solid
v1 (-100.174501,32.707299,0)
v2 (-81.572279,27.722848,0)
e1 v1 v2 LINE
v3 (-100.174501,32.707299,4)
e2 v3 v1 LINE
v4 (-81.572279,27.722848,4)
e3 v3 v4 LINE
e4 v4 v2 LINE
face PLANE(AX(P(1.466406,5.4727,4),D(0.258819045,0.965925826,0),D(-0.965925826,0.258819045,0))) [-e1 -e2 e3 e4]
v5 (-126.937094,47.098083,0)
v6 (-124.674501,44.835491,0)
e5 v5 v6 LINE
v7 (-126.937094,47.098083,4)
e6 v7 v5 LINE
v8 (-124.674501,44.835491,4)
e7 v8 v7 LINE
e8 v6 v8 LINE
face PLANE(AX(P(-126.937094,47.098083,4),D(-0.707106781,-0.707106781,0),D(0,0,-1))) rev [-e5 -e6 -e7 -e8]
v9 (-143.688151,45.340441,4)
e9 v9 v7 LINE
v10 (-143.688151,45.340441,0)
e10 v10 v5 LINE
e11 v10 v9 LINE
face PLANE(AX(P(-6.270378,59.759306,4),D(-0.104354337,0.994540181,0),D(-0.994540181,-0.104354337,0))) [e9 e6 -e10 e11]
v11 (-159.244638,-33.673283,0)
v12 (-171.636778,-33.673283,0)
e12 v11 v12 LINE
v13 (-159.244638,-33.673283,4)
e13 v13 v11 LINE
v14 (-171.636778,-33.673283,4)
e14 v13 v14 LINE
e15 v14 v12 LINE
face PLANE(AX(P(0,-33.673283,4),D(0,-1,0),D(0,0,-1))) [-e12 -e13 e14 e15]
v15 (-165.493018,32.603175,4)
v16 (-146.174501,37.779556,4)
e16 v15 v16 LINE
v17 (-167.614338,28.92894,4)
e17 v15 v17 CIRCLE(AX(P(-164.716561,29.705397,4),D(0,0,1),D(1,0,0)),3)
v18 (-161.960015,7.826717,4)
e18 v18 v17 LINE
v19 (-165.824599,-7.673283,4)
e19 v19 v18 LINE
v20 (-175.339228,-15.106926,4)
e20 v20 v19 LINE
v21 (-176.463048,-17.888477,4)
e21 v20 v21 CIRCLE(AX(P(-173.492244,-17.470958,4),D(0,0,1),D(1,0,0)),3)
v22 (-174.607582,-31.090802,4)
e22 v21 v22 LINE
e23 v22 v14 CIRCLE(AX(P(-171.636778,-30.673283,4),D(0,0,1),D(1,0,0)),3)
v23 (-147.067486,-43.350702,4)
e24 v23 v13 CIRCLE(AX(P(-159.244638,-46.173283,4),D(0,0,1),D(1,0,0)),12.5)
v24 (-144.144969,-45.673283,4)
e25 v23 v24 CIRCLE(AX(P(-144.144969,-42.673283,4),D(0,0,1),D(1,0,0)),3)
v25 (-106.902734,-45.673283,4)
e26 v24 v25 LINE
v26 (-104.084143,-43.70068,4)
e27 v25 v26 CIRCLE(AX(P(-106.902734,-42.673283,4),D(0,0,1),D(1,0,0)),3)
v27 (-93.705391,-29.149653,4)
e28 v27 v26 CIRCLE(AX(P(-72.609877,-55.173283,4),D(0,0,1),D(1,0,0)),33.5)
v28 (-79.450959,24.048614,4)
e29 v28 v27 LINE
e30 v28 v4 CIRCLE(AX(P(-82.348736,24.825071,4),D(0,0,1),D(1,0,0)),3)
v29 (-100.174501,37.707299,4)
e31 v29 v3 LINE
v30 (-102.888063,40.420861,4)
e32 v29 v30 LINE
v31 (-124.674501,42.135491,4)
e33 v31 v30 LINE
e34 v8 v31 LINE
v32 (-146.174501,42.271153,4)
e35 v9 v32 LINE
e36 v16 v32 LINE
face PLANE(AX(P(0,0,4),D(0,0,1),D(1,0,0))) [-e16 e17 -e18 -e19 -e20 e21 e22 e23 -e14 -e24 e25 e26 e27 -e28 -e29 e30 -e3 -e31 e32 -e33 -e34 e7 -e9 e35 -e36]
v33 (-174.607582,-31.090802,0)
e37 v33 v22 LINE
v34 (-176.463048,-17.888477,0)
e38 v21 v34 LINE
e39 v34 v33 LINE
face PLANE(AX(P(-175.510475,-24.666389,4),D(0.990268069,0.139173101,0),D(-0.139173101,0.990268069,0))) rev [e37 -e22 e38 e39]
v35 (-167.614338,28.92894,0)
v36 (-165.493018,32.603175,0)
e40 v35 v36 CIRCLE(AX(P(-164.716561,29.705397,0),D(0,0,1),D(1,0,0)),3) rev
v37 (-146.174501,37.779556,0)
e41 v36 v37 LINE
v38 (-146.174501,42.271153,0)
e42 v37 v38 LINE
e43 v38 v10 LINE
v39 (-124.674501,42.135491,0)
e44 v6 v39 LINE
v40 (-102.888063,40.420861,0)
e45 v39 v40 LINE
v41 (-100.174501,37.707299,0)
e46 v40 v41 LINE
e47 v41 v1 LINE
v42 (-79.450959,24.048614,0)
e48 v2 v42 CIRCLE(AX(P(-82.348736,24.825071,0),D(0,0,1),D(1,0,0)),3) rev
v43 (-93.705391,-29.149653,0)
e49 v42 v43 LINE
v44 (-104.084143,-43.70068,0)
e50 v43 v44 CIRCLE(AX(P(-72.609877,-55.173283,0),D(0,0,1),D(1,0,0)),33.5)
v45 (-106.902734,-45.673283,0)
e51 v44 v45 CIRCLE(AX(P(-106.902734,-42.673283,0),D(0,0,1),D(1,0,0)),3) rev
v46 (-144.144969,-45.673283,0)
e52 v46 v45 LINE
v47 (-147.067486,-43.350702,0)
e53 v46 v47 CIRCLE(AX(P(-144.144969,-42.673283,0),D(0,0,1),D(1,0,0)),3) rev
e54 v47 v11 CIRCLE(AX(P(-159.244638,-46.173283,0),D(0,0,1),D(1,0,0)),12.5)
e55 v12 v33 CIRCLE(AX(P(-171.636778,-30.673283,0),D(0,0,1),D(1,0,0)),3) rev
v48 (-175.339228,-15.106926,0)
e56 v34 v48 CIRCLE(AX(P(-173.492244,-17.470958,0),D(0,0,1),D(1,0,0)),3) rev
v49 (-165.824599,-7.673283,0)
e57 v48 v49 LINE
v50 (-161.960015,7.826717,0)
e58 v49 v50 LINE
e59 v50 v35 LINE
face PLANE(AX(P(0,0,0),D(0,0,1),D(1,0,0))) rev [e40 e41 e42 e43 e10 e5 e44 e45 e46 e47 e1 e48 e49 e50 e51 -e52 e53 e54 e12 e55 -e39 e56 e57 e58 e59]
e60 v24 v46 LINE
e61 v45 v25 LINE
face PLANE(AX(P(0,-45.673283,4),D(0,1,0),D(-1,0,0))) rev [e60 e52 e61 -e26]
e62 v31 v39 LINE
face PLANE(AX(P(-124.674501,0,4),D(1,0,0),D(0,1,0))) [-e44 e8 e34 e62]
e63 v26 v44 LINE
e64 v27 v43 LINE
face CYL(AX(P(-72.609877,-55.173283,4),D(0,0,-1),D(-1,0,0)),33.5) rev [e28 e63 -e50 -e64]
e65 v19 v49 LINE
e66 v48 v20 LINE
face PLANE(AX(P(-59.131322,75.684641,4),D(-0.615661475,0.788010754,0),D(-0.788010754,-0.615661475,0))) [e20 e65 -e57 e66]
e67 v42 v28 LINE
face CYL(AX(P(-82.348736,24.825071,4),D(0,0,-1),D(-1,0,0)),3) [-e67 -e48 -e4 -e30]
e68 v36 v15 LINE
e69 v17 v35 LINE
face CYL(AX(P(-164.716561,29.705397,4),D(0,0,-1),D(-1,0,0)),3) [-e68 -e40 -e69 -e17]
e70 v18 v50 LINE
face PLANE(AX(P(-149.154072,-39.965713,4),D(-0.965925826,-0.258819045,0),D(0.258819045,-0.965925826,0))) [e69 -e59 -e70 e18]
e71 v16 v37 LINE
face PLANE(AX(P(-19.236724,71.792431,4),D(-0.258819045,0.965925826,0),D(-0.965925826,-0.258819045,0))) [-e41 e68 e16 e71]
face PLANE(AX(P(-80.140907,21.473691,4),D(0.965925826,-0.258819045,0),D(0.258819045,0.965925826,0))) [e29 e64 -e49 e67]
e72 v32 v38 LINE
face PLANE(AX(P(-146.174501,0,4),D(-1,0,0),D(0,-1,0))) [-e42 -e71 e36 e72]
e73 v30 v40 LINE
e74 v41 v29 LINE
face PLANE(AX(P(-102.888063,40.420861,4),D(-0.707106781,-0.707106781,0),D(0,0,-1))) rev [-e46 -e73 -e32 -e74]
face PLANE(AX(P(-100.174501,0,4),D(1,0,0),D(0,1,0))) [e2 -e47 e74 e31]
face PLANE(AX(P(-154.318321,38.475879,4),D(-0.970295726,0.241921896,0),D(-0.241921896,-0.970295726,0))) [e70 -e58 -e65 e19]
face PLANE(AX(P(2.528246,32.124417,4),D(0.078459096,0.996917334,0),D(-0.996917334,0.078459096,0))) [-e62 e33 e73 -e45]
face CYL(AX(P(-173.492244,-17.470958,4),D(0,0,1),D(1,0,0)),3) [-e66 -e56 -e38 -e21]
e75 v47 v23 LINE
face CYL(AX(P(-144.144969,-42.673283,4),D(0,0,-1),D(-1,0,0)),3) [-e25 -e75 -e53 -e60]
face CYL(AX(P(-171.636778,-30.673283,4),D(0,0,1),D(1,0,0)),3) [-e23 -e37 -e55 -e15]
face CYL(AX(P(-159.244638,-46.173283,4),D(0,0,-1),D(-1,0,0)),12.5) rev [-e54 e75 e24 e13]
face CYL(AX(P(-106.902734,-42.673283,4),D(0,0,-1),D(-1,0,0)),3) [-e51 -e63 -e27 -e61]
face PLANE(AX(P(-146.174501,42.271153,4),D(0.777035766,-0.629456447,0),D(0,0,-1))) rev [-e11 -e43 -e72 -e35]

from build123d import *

# Parameters (mm, degrees)
BOSS_EXTRUDE2_DEPTH   = 4
FILLET3_R             = 3
CHAMFER1_SIZE2        = 2.5
CHAMFER1_SIZE         = 2.808402332
CHAMFER1_EDGE_2_SIZE2 = 2.5
CHAMFER1_EDGE_2_SIZE  = 2.275013623
CHAMFER1_EDGE_3_SIZE2 = 2.5
CHAMFER1_EDGE_3_SIZE  = 2.72195283


with BuildPart() as part:
    # Sketch1 → Boss-Extrude2 (new body)
    with BuildSketch(Plane.XY):
        with BuildLine():
            ThreePointArc((-159.244638184, -33.673282531), (-150.584384146, -37.159404343), (-146.754642187, -45.673282531))
            Line((-146.754642187, -45.673282531), (-104.73463418, -45.673282531))
            ThreePointArc((-104.73463418, -45.673282531), (-100.473058927, -36.575080639), (-93.705391257, -29.149653001))
            Line((-93.705391257, -29.149653001), (-78.674501487, 26.946391303))
            Line((-78.674501487, 26.946391303), (-100.174501487, 32.70729894))
            Line((-100.174501487, 32.70729894), (-100.174501487, 40.20729894))
            Line((-100.174501487, 40.20729894), (-124.674501487, 42.135490757))
            Line((-124.674501487, 42.135490757), (-124.674501487, 47.335490757))
            Line((-124.674501487, 47.335490757), (-146.174501487, 45.079555506))
            Line((-146.174501487, 45.079555506), (-146.174501487, 37.779555506))
            Line((-146.174501487, 37.779555506), (-168.390795492, 31.826717469))
            Line((-168.390795492, 31.826717469), (-161.960014873, 7.826717469))
            Line((-161.960014873, 7.826717469), (-165.824598917, -7.673282531))
            Line((-165.824598917, -7.673282531), (-176.704102791, -16.173282531))
            Line((-176.704102791, -16.173282531), (-174.244638184, -33.673282531))
            Line((-174.244638184, -33.673282531), (-159.244638184, -33.673282531))
        make_face()
    extrude(amount=BOSS_EXTRUDE2_DEPTH)

    # Fillet3
    fillet3_edges = [part.edges().sort_by_distance(p)[0] for p in [
        (-104.73463418, -45.673282531, 2),
        (-146.754642187, -45.673282531, 2),
        (-174.244638184, -33.673282531, 2),
        (-176.704102791, -16.173282531, 2),
        (-168.390795492, 31.826717469, 2),
        (-78.674501487, 26.946391303, 2),
    ]]
    fillet(fillet3_edges, radius=FILLET3_R)

    # Chamfer1
    chamfer1_edges = [part.edges().sort_by_distance(p)[0] for p in [
        (-146.174501487, 45.079555506, 2),
    ]]
    chamfer(chamfer1_edges, length=CHAMFER1_SIZE, length2=CHAMFER1_SIZE2)

    # Chamfer1 edge 2
    chamfer1_edge_2_edges = [part.edges().sort_by_distance(p)[0] for p in [
        (-124.674501487, 47.335490757, 2),
    ]]
    chamfer(chamfer1_edge_2_edges, length=CHAMFER1_EDGE_2_SIZE, length2=CHAMFER1_EDGE_2_SIZE2)

    # Chamfer1 edge 3
    chamfer1_edge_3_edges = [part.edges().sort_by_distance(p)[0] for p in [
        (-100.174501487, 40.20729894, 2),
    ]]
    chamfer(chamfer1_edge_3_edges, length=CHAMFER1_EDGE_3_SIZE, length2=CHAMFER1_EDGE_3_SIZE2)


solid = part.part
